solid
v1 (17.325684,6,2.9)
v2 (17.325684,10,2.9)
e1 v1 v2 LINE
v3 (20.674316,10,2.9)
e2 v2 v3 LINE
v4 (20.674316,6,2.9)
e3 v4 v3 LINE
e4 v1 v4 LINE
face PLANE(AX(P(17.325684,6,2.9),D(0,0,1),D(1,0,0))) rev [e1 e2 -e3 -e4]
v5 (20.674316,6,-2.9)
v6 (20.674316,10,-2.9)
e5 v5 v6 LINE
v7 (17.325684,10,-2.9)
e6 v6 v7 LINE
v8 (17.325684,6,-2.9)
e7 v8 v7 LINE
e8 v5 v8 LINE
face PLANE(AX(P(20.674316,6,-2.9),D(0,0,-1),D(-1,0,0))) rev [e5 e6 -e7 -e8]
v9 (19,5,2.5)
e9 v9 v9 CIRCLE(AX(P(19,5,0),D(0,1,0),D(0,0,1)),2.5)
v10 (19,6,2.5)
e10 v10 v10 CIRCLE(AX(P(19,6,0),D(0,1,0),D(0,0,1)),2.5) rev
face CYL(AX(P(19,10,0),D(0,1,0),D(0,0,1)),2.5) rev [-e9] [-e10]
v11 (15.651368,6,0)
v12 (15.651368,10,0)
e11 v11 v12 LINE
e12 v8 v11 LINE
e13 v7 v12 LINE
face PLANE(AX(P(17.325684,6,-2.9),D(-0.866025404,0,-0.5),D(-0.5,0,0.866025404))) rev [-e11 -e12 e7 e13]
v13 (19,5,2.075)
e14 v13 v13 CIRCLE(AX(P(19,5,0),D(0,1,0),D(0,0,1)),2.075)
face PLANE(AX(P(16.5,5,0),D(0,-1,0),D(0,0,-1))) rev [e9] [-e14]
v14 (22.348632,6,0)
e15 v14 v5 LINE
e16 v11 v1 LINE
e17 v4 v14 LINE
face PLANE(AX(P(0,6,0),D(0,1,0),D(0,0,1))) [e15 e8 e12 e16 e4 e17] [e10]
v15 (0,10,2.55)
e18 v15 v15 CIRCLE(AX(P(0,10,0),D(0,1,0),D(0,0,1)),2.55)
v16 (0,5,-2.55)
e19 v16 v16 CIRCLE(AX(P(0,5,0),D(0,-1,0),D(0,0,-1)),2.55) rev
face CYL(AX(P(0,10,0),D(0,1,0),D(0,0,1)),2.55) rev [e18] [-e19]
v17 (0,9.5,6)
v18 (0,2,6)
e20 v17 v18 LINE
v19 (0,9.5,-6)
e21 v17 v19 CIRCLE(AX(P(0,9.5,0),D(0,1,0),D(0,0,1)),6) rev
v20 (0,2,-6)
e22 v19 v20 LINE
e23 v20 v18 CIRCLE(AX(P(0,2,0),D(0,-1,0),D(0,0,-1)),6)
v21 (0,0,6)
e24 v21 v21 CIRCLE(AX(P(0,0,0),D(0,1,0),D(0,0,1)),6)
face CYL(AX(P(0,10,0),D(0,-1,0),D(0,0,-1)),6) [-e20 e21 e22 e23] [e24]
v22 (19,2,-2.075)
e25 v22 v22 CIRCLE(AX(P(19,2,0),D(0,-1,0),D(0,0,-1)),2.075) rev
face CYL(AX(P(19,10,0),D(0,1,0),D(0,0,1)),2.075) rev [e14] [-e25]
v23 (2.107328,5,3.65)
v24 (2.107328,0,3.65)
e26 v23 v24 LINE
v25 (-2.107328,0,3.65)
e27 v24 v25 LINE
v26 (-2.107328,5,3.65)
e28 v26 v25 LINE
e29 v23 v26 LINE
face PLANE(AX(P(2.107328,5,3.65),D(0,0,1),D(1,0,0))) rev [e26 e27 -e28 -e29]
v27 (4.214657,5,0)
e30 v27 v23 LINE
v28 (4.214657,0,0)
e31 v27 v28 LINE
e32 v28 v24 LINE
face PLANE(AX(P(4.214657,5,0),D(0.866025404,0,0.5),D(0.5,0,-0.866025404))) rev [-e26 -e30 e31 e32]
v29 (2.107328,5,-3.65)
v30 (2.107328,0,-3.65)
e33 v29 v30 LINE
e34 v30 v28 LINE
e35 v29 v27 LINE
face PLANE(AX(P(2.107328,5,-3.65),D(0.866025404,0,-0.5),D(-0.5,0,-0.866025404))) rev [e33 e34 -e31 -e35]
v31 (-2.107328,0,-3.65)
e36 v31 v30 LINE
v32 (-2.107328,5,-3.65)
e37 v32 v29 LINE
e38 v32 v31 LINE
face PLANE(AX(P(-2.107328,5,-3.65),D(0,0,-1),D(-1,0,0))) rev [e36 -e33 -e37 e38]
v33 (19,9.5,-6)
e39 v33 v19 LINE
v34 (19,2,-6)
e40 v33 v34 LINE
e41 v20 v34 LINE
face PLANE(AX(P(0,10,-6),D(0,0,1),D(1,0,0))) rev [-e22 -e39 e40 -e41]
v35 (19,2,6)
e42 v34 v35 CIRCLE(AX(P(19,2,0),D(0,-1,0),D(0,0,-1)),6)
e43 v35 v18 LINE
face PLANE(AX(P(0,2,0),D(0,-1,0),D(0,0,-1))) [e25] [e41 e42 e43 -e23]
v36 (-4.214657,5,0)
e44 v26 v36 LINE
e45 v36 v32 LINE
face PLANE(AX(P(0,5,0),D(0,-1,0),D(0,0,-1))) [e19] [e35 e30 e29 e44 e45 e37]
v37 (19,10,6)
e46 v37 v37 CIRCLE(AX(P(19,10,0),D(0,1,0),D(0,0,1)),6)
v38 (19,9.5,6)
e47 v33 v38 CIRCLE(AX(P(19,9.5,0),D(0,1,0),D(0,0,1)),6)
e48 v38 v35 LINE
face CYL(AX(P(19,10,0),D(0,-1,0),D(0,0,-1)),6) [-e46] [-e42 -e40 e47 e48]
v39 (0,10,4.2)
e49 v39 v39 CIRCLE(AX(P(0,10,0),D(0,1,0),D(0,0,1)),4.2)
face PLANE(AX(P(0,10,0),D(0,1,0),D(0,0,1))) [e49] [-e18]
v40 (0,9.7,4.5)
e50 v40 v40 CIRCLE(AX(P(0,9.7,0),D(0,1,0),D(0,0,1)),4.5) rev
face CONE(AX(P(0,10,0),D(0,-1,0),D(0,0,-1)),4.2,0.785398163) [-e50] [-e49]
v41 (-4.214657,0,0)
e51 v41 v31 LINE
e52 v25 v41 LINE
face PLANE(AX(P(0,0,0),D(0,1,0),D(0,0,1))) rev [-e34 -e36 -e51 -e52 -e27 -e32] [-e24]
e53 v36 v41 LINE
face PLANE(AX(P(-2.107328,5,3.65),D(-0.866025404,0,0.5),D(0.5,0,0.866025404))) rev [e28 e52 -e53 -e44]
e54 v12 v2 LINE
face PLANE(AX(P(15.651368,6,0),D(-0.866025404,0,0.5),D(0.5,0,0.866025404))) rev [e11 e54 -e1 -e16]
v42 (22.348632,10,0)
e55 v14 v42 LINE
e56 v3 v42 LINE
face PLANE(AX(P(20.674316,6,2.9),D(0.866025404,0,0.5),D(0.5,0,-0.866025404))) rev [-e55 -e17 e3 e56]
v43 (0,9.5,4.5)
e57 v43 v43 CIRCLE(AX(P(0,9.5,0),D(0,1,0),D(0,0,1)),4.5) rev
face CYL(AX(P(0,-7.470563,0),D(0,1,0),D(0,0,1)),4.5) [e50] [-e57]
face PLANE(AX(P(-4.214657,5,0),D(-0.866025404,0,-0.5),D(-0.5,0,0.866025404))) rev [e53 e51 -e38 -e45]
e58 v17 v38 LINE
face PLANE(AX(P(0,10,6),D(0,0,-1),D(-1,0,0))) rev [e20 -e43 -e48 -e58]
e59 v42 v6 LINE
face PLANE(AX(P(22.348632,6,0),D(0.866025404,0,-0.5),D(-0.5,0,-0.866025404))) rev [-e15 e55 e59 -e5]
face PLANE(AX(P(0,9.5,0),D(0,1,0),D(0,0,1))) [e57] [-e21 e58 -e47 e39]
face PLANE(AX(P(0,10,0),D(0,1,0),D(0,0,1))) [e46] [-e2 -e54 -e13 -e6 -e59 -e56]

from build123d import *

# Parameters (mm, degrees)
EXTRUDE_1_DEPTH     = 10
CUT_EXTRUDE_1_DEPTH = 5
SKETCH_6_R          = 27.317981471
SKETCH_6_R_2        = 6
CUT_EXTRUDE_2_DEPTH = 2
CUT_EXTRUDE_3_DEPTH = 4
CUT_EXTRUDE_START   = -0.5
SKETCH_8_W          = 36.274656105
SKETCH_8_H          = 16.774008436
SKETCH_8_R          = 6
CUT_EXTRUDE_4_DEPTH = 0.5
SKETCH_9_R          = 6
SKETCH_9_R_2        = 4.5
CUT_EXTRUDE_5_DEPTH = 0.5
CHAMFER_1_SIZE      = 0.3


with BuildPart() as part:
    # 草图1 → 凸台-拉伸1 (new body)
    with BuildSketch(Plane(origin=(0, 0, 0), x_dir=(1, 0, 0), z_dir=(0, 1, 0))):
        with BuildLine():
            Line((0, 6), (19, 6))
            ThreePointArc((19, 6), (25, 0), (19, -6))
            Line((19, -6), (0, -6))
            ThreePointArc((0, -6), (-6, 0), (0, 6))
        make_face()
    extrude(amount=EXTRUDE_1_DEPTH)

    # 草图3 → 切除-旋转2 (revolve, cut)
    with BuildSketch(Plane.XY, mode=Mode.PRIVATE) as cut_revolve_2_sk:
        Polygon((0, 10), (-2.55, 10), (-2.55, 5), (-2.1, 5), (-2.1, 2), (-2.55, 2), (-2.55, 0), (0, 0), align=None)
    revolve(cut_revolve_2_sk.sketch.rotate(Axis((0, 10, 0), (0, -1, 0)), 270), axis=Axis((0, 10, 0), (0, -1, 0)), mode=Mode.SUBTRACT)

    # 草图4 → 切除-旋转3 (revolve, cut)
    with BuildSketch(Plane.XY, mode=Mode.PRIVATE) as cut_revolve_3_sk:
        Polygon((19, 10), (16.5, 10), (16.5, 5), (16.925, 5), (16.925, 0), (19, 0), align=None)
    revolve(cut_revolve_3_sk.sketch.rotate(Axis((19, 10, 0), (0, -1, 0)), 270), axis=Axis((19, 10, 0), (0, -1, 0)), mode=Mode.SUBTRACT)

    # 草图5 → 切除-拉伸1 (cut)
    with BuildSketch(Plane.XZ):
        Polygon((-4.214656965, 0), (-2.107328483, -3.65), (2.107328483, -3.65), (4.214656965, 0), (2.107328483, 3.65), (-2.107328483, 3.65), align=None)
    extrude(amount=-CUT_EXTRUDE_1_DEPTH, mode=Mode.SUBTRACT)

    # 草图6 → 切除-拉伸2 (cut)
    with BuildSketch(Plane.XZ):
        Circle(SKETCH_6_R)
        with Locations(Location((0, 0, 0), (0, 0, 90))):
            Circle(SKETCH_6_R_2, mode=Mode.SUBTRACT)
    extrude(amount=-CUT_EXTRUDE_2_DEPTH, mode=Mode.SUBTRACT)

    # 草图7 → 切除-拉伸3 (cut)
    with BuildSketch(Plane(origin=(0, 10, 0), x_dir=(1, 0, 0), z_dir=(0, 1, 0))):
        Polygon((17.325684219, 2.9), (15.651368439, 0), (17.325684219, -2.9), (20.674315781, -2.9), (22.348631561, 0), (20.674315781, 2.9), align=None)
    extrude(amount=-CUT_EXTRUDE_3_DEPTH, mode=Mode.SUBTRACT)

    # 草图8 → 切除-拉伸4 (cut)
    with BuildSketch(Plane(origin=(0, 10, 0), x_dir=(1, 0, 0), z_dir=(0, 1, 0)).offset(CUT_EXTRUDE_START)):
        with Locations((9.154855794, 0.069028841)):
            Rectangle(SKETCH_8_W, SKETCH_8_H)
        with Locations(Location((0, 0, 0), (0, 0, 270))):
            Circle(SKETCH_8_R, mode=Mode.SUBTRACT)
        with Locations(Location((19, 0, 0), (0, 0, 270))):
            Circle(SKETCH_8_R, mode=Mode.SUBTRACT)
    extrude(amount=CUT_EXTRUDE_4_DEPTH, mode=Mode.SUBTRACT)

    # 草图9 → 切除-拉伸5 (cut)
    with BuildSketch(Plane(origin=(0, 10, 0), x_dir=(1, 0, 0), z_dir=(0, 1, 0)).offset(CUT_EXTRUDE_START)):
        with Locations(Location((0, 0, 0), (0, 0, 270))):
            Circle(SKETCH_9_R)
        with Locations(Location((0, 0, 0), (0, 0, 270))):
            Circle(SKETCH_9_R_2, mode=Mode.SUBTRACT)
    extrude(amount=CUT_EXTRUDE_5_DEPTH, mode=Mode.SUBTRACT)

    # 倒角1
    chamfer_1_edges = [part.edges().sort_by_distance(p)[0] for p in [
        (0, 10, -4.5),
    ]]
    chamfer(chamfer_1_edges, length=CHAMFER_1_SIZE)


solid = part.part
